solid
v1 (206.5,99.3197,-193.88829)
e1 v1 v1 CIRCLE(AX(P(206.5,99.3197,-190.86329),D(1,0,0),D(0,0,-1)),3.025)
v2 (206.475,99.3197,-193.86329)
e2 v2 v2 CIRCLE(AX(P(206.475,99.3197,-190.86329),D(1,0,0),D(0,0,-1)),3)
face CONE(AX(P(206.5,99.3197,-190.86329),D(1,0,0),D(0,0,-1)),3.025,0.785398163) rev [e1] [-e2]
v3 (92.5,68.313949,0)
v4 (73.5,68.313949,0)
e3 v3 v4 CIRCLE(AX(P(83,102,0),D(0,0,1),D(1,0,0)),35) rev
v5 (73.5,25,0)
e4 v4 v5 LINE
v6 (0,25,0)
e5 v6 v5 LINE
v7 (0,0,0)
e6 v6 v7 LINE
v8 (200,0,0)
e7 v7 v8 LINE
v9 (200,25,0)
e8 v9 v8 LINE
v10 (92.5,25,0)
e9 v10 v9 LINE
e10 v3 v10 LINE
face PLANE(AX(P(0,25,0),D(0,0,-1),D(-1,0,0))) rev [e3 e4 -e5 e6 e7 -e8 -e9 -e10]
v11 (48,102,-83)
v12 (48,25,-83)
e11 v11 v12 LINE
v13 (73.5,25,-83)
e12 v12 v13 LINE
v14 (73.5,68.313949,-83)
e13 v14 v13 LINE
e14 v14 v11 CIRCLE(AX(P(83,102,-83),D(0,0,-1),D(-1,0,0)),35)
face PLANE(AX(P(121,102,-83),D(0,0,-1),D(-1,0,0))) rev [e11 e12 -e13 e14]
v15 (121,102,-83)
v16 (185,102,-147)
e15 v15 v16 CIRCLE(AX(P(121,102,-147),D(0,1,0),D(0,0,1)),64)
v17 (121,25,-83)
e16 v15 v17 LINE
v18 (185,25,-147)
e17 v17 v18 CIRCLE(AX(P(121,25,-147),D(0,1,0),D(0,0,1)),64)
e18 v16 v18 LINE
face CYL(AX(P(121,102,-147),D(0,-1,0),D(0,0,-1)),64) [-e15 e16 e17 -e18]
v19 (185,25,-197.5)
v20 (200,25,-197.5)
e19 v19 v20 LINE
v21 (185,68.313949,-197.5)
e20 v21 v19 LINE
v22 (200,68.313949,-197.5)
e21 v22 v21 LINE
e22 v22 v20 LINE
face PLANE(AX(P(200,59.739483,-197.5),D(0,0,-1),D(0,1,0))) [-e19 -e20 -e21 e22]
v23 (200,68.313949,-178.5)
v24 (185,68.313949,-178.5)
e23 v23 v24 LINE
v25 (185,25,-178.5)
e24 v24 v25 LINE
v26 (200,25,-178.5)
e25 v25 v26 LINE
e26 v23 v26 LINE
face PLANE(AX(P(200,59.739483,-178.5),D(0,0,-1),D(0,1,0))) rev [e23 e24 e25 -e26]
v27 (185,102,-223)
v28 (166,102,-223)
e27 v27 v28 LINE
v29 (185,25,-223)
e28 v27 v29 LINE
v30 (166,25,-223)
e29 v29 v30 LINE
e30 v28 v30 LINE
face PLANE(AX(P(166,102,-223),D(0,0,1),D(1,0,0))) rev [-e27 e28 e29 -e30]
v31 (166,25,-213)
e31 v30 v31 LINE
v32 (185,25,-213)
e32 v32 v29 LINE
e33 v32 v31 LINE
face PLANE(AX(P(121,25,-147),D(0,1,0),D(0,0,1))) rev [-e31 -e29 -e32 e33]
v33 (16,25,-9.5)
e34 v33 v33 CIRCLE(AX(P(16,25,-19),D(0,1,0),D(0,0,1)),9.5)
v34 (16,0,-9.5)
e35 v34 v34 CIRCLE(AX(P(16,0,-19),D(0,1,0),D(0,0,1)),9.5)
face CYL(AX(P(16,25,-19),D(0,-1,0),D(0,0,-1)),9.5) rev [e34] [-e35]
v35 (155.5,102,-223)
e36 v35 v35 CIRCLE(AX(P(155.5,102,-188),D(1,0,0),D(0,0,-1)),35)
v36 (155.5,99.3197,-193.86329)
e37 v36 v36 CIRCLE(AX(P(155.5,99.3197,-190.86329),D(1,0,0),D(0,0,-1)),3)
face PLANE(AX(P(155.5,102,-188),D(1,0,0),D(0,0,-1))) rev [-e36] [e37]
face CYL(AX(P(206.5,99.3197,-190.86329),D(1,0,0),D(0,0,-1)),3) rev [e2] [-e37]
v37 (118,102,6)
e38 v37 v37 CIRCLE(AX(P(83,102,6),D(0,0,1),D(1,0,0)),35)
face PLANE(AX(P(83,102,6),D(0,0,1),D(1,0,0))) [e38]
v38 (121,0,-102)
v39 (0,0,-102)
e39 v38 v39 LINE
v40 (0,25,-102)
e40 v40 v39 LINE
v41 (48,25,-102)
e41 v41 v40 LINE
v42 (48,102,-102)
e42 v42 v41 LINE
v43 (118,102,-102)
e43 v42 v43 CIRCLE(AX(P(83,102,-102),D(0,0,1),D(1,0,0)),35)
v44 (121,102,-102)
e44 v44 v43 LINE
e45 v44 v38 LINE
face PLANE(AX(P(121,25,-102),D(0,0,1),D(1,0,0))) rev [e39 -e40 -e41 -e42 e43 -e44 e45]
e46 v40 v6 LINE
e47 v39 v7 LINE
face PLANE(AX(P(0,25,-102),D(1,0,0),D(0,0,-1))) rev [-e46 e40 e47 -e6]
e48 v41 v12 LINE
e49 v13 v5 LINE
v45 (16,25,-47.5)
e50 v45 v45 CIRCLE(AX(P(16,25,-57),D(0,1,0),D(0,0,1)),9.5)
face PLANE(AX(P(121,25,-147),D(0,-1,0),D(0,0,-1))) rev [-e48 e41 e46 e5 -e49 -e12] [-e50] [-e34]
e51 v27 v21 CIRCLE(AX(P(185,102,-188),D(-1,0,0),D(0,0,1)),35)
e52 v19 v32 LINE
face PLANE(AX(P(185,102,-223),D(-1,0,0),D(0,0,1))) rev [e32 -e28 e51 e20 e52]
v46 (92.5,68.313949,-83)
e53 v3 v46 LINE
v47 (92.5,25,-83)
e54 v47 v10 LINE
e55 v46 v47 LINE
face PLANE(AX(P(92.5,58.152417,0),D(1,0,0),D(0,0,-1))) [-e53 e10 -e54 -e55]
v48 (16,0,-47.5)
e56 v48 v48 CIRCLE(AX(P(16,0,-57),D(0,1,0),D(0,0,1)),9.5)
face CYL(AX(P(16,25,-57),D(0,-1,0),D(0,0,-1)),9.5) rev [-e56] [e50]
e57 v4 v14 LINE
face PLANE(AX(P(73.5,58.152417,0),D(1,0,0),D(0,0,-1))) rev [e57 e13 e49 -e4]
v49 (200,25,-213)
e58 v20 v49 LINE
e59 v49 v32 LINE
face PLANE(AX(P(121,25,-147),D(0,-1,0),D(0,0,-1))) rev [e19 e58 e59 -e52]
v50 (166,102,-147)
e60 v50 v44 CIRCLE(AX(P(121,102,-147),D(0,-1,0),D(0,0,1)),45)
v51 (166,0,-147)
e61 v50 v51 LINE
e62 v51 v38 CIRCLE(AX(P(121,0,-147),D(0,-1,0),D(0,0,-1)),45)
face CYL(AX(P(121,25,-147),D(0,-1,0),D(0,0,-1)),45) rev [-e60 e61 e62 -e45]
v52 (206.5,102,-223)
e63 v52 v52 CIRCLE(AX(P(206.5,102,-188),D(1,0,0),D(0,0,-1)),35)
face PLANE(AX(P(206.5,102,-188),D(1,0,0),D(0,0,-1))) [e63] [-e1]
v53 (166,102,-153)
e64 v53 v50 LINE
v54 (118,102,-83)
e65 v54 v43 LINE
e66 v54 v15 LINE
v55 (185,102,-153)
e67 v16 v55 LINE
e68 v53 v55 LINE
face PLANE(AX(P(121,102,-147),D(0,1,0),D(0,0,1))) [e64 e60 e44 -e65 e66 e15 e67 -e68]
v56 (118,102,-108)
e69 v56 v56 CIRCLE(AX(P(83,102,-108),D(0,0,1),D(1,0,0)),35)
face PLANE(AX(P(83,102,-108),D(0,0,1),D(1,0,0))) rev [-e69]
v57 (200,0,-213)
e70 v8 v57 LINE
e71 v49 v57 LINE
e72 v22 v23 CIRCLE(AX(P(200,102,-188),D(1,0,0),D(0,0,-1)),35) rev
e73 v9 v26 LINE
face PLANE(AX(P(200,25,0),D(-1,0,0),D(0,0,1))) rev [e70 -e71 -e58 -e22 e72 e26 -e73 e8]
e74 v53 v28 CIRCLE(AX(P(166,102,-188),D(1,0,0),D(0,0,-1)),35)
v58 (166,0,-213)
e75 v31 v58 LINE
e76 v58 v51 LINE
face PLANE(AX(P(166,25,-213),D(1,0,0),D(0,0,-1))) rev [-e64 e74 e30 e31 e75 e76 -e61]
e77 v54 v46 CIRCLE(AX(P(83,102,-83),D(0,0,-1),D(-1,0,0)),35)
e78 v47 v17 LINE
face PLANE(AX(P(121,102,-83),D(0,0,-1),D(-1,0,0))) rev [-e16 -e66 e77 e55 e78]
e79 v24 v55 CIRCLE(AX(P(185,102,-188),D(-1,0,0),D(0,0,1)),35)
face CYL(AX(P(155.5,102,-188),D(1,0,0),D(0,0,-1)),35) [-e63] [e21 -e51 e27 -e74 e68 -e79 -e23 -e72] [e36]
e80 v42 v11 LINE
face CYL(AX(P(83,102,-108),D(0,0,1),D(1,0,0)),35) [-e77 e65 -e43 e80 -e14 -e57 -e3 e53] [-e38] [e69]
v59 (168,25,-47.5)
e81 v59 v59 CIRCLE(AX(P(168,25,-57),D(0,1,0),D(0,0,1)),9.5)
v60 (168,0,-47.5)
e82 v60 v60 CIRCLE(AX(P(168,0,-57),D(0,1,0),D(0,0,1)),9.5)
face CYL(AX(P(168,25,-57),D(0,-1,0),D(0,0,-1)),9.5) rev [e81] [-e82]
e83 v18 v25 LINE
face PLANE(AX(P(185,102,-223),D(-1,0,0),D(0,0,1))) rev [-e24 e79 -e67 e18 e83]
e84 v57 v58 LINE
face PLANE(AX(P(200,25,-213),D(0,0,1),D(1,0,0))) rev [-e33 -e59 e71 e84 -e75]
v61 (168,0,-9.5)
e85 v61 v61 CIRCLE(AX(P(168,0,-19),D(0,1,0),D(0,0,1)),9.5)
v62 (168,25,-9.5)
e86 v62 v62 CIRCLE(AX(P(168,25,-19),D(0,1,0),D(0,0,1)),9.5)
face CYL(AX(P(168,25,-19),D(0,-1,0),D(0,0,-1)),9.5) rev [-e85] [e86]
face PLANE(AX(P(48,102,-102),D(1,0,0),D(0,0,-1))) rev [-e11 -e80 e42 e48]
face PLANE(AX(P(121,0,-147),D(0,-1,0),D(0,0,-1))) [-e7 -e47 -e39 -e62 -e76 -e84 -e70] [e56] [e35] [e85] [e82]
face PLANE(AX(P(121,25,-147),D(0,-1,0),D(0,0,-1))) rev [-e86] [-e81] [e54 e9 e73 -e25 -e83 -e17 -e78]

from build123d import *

# Parameters (mm, degrees)
SKETCH1_R                       = 9.5
BOSS_EXTRUDE1_DEPTH             = 25
BOSS_EXTRUDE2_DEPTH             = 6
BOSS_EXTRUDE2_DEPTH_BACK        = 108
SKETCH2_R                       = 35
BOSS_EXTRUDE3_DEPTH             = 6.5
BOSS_EXTRUDE3_DEPTH_BACK        = 44.5
SKETCH3_R                       = 35
BOSS_EXTRUDE4_DEPTH             = 77
RIB1_REACH                      = 331.39
SKETCH5_WALLS_W                 = 19
SKETCH5_WALLS_H                 = 685.704980613
RIB2_REACH                      = 335.377
SKETCH6_WALLS_W                 = 19
SKETCH6_WALLS_H                 = 696.792690098
F_6_0MM_DOWEL_HOLE1_D           = 6
F_6_0MM_DOWEL_HOLE1_DEPTH       = 54
F_6_0MM_DOWEL_HOLE1_CSINK_D     = 6.05
F_6_0MM_DOWEL_HOLE1_CSINK_ANGLE = 90
F_6_0MM_DOWEL_HOLE1_TIP         = 1.802581857


with BuildPart() as part:
    # Sketch1 → Boss-Extrude1 (new body)
    with BuildSketch(Plane(origin=(0, 0, 0), x_dir=(1, 0, 0), z_dir=(0, 1, 0))):
        with BuildLine():
            Line((0, 102), (0, 0))
            Line((0, 0), (200, 0))
            Line((200, 0), (200, 213))
            Line((200, 213), (166, 213))
            Line((166, 213), (166, 147))
            ThreePointArc((166, 147), (152.819805153, 115.180194847), (121, 102))
            Line((121, 102), (0, 102))
        make_face()
        with Locations(Location((16, 57, 0), (0, 0, 270))):
            Circle(SKETCH1_R, mode=Mode.SUBTRACT)
        with Locations(Location((16, 19, 0), (0, 0, 270))):
            Circle(SKETCH1_R, mode=Mode.SUBTRACT)
        with Locations(Location((168, 19, 0), (0, 0, 270))):
            Circle(SKETCH1_R, mode=Mode.SUBTRACT)
        with Locations(Location((168, 57, 0), (0, 0, 270))):
            Circle(SKETCH1_R, mode=Mode.SUBTRACT)
    extrude(amount=BOSS_EXTRUDE1_DEPTH)



with BuildPart() as body_2:
    # Sketch2 → Boss-Extrude2 (new, two sides: drawn at the far end of the back side and taken through both)
    with BuildSketch(Plane.XY.offset(-BOSS_EXTRUDE2_DEPTH_BACK)):
        with Locations((83, 102)):
            Circle(SKETCH2_R)
    extrude(amount=BOSS_EXTRUDE2_DEPTH + BOSS_EXTRUDE2_DEPTH_BACK)


with BuildPart() as body_3:
    # Sketch3 → Boss-Extrude3 (new, two sides: drawn at the far end of the back side and taken through both)
    with BuildSketch(Plane(origin=(200, 0, 0), x_dir=(0, 0, -1), z_dir=(1, 0, 0)).offset(-BOSS_EXTRUDE3_DEPTH_BACK)):
        with Locations((188, 102)):
            Circle(SKETCH3_R)
    extrude(amount=BOSS_EXTRUDE3_DEPTH + BOSS_EXTRUDE3_DEPTH_BACK)


with BuildPart() as part_1:
    add(part.part)

    add(body_2.part)  # Boss-Extrude4 merges body 2

    add(body_3.part)  # Boss-Extrude4 merges body 3
    # Sketch4 → Boss-Extrude4 (add)
    with BuildSketch(Plane(origin=(0, 25, 0), x_dir=(1, 0, 0), z_dir=(0, 1, 0))):
        with BuildLine():
            Line((121, 102), (48, 102))
            Line((48, 102), (48, 83))
            Line((48, 83), (121, 83))
            ThreePointArc((121, 83), (166.254833996, 101.745166004), (185, 147))
            Line((185, 147), (185, 223))
            Line((185, 223), (166, 223))
            Line((166, 223), (166, 147))
            ThreePointArc((166, 147), (152.819805153, 115.180194847), (121, 102))
        make_face()
    extrude(amount=BOSS_EXTRUDE4_DEPTH)

    # Sketch5 walls → Rib1 (add, up to next)
    with BuildSketch(Plane(origin=(200, 0, 0), x_dir=(0, 0, -1), z_dir=(1, 0, 0)), mode=Mode.PRIVATE) as rib1_sk1:
        with Locations((188, 47.27733831)):
            Rectangle(SKETCH5_WALLS_W, SKETCH5_WALLS_H)
    rib1_tool1 = extrude(rib1_sk1.sketch, amount=-RIB1_REACH, mode=Mode.PRIVATE) - part_1.part
    add(rib1_tool1.solids().sort_by_distance((200, 47.277338311, -188))[0])

    # Sketch6 walls → Rib2 (add, up to next)
    with BuildSketch(Plane.XY, mode=Mode.PRIVATE) as rib2_sk1:
        with Locations((83, 44.133110569)):
            Rectangle(SKETCH6_WALLS_W, SKETCH6_WALLS_H)
    rib2_tool1 = extrude(rib2_sk1.sketch, amount=-RIB2_REACH, mode=Mode.PRIVATE) - part_1.part
    add(rib2_tool1.solids().sort_by_distance((83, 44.133110569, 0))[0])

    # Ø6.0mm Dowel Hole1
    with Locations(Plane(origin=(206.5, 99.319699539, -190.863289795), x_dir=(0, 0, 1), z_dir=(1, 0, 0))):
        with Locations((0, 0)):
            CounterSinkHole(F_6_0MM_DOWEL_HOLE1_D / 2, F_6_0MM_DOWEL_HOLE1_CSINK_D / 2, depth=F_6_0MM_DOWEL_HOLE1_DEPTH, counter_sink_angle=F_6_0MM_DOWEL_HOLE1_CSINK_ANGLE)
            with Locations((0, 0, -(F_6_0MM_DOWEL_HOLE1_DEPTH + F_6_0MM_DOWEL_HOLE1_TIP / 2))):  # 118° drill point
                Cone(0, F_6_0MM_DOWEL_HOLE1_D / 2, F_6_0MM_DOWEL_HOLE1_TIP, mode=Mode.SUBTRACT)


solid = part_1.part
